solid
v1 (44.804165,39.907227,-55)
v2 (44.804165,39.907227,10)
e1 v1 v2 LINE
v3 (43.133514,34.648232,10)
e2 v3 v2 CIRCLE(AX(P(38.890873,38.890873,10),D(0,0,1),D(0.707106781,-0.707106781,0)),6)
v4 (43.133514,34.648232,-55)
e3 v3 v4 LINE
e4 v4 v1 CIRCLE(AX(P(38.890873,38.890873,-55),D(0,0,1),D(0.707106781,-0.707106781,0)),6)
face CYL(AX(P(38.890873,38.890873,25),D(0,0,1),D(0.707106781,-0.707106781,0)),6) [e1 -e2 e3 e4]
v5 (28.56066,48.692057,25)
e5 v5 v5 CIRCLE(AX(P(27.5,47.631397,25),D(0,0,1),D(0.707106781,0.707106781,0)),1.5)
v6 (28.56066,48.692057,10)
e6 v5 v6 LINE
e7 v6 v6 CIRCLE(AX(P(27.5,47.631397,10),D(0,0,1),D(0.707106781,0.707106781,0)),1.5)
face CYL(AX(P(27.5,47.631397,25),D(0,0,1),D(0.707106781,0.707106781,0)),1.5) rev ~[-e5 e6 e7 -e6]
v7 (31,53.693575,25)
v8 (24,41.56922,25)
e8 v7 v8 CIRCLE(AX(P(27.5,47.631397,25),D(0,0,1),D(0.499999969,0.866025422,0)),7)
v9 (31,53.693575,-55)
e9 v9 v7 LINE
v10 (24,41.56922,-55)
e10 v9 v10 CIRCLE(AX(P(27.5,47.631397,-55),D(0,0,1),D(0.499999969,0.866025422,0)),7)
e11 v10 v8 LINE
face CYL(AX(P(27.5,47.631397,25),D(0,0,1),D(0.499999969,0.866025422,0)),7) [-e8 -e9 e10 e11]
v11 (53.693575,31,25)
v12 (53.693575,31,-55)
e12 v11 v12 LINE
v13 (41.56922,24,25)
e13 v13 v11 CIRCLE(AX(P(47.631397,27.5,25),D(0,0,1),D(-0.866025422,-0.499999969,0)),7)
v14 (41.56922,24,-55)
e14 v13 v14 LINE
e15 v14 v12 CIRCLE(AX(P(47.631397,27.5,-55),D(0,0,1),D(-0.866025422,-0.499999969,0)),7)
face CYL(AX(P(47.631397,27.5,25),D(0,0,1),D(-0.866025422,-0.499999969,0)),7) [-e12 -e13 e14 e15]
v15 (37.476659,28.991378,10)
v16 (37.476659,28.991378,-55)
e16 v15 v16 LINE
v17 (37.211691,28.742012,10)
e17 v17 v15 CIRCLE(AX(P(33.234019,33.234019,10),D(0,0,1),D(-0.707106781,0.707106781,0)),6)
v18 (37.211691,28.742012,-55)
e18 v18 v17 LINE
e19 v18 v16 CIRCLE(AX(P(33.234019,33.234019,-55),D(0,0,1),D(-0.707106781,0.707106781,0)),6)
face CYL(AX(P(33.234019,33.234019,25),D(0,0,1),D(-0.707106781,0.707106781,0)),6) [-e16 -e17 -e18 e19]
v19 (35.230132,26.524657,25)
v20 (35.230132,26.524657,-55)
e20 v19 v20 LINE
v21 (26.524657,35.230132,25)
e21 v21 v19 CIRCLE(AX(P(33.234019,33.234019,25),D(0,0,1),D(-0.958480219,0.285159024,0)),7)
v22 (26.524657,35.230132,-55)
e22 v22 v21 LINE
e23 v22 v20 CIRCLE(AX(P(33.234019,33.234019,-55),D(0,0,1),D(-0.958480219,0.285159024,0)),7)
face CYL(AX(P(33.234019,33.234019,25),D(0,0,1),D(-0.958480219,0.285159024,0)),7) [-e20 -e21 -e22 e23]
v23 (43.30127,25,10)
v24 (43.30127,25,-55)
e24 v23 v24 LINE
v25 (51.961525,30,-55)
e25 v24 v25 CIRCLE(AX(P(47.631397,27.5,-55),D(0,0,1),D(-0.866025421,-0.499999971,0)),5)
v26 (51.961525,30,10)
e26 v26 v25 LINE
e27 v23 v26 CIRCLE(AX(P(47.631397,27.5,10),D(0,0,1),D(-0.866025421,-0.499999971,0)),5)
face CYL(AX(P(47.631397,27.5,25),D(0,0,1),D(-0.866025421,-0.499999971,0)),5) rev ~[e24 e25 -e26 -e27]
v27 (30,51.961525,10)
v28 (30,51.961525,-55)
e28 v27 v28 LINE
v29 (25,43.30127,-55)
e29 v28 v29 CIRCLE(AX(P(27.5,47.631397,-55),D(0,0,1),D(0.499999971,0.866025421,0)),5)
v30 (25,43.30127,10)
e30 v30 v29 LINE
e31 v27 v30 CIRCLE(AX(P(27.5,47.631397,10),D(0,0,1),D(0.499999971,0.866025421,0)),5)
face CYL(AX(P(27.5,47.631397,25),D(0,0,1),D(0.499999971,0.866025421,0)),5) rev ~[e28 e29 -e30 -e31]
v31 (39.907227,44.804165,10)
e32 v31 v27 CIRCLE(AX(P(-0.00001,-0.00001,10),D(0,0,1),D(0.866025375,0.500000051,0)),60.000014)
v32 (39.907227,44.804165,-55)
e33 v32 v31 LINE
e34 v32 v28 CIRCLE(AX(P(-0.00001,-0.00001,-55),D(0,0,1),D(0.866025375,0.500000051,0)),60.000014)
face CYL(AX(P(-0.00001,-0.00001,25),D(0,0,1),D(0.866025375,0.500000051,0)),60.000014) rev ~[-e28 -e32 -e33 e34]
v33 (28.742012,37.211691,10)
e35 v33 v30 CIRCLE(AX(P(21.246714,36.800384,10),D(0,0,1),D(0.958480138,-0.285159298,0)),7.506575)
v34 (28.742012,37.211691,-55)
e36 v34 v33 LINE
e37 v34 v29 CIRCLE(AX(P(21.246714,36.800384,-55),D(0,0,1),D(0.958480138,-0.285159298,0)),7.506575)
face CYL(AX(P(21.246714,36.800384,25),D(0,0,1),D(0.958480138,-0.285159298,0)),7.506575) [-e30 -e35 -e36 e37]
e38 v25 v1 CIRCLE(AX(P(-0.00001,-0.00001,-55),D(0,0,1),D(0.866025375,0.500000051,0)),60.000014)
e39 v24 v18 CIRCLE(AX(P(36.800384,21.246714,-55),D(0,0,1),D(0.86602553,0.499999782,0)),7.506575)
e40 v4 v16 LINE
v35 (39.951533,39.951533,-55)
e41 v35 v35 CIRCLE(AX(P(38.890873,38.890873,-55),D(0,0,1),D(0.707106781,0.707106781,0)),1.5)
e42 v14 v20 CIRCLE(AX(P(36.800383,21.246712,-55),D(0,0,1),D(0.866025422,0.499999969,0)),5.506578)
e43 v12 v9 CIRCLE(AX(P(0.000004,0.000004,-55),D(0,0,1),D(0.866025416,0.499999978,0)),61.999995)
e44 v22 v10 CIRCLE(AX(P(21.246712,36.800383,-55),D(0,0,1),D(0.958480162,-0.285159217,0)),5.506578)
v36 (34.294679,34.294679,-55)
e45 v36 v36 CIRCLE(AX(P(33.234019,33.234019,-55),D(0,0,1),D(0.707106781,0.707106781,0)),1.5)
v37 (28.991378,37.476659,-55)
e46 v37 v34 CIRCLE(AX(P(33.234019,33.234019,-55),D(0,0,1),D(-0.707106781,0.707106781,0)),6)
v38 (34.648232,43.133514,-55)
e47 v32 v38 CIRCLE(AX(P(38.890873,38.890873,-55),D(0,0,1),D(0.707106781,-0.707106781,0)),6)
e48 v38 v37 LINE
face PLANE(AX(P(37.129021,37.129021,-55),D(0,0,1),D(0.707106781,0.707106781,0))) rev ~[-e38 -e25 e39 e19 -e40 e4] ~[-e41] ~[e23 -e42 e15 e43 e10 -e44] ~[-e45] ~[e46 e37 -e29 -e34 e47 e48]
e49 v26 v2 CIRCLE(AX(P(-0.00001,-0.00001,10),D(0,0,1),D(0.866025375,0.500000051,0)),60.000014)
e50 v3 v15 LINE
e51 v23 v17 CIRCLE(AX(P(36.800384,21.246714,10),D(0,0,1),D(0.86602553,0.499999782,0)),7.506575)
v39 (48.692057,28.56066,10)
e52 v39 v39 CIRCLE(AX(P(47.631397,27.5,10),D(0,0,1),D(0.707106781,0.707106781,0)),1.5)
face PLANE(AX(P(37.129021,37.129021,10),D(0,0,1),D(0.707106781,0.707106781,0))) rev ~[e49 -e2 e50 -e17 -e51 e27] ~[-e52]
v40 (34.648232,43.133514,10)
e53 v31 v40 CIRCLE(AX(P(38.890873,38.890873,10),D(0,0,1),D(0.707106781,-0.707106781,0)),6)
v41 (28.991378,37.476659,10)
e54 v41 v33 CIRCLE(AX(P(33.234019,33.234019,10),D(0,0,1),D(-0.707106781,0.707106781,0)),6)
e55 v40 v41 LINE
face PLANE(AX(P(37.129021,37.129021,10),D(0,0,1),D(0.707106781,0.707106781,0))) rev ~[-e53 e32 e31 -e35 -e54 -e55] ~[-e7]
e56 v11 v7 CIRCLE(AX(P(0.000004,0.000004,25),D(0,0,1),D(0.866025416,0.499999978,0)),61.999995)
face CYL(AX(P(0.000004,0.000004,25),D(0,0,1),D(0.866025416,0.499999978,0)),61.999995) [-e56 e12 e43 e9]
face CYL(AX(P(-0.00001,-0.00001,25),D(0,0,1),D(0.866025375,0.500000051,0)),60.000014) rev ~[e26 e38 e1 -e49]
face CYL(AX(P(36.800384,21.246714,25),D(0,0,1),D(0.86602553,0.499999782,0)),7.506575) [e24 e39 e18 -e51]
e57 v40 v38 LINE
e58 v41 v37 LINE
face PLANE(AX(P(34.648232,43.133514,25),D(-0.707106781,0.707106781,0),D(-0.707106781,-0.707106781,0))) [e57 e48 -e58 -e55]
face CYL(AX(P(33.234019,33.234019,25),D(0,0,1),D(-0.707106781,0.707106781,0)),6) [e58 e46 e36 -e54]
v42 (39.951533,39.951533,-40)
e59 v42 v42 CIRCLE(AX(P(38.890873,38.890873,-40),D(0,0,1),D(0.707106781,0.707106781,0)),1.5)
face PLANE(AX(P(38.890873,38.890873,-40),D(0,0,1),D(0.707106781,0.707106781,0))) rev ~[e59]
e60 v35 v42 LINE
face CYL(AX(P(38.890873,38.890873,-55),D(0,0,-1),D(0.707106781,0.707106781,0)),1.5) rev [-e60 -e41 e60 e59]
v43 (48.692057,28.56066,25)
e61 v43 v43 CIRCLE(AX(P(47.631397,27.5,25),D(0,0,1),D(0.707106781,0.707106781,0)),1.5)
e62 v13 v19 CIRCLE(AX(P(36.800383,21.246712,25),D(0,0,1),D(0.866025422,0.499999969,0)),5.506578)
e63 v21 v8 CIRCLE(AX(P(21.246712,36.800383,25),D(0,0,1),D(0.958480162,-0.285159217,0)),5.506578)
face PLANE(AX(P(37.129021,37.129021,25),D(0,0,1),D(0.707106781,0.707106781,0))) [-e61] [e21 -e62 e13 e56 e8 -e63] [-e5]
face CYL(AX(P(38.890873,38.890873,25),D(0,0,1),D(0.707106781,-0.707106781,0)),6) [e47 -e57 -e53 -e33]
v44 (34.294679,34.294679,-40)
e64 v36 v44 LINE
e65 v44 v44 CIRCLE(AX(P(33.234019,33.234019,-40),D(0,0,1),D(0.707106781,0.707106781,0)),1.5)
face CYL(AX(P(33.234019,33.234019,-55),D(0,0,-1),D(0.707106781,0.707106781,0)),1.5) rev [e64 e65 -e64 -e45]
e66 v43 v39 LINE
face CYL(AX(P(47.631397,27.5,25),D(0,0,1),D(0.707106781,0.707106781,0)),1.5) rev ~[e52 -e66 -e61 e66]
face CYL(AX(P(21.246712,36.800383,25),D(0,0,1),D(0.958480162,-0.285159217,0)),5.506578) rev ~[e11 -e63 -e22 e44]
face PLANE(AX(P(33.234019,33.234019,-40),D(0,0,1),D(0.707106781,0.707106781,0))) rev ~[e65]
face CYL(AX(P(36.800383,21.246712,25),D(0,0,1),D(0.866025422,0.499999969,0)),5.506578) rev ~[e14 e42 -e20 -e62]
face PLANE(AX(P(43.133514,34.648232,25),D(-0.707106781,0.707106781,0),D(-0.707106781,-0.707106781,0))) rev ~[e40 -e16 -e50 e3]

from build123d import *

# Parameters (mm, degrees)
SKETCH020_R             = 1.5
PAD013_DEPTH            = 15
PAD014_DEPTH            = 80
PAD015_DEPTH            = 80
SKETCH023_R             = 1.5
POCKET005_DEPTH         = 15
BODY003_PLACEMENT_ANGLE = 45


with BuildPart() as part:
    # Sketch020 → Pad013 (new body)
    with BuildSketch(Plane.XY):
        with BuildLine():
            ThreePointArc((59.887401, -16.046781), (62, 0), (59.887401, 16.046781))
            ThreePointArc((59.887401, 16.046781), (51.314187, 20.996528), (46.36444, 12.423314))
            ThreePointArc((43.66723, 6.1557), (46.103592, 8.821401), (46.36444, 12.423314))
            ThreePointArc((43.66723, 6.1557), (40, 0), (43.66723, -6.1557))
            ThreePointArc((46.36444, -12.423314), (46.103592, -8.821401), (43.66723, -6.1557))
            ThreePointArc((46.36444, -12.423314), (51.314187, -20.996528), (59.887401, -16.046781))
        make_face()
        with Locations((53.12592, 14.235047)):
            Circle(SKETCH020_R, mode=Mode.SUBTRACT)
        with Locations((53.12592, -14.235047)):
            Circle(SKETCH020_R, mode=Mode.SUBTRACT)
    extrude(amount=-PAD013_DEPTH)

    # Sketch021 → Pad014 (join)
    with BuildSketch(Plane.XY):
        with BuildLine():
            ThreePointArc((59.887401, -16.046781), (62, 0), (59.887401, 16.046781))
            ThreePointArc((59.887401, 16.046781), (51.314187, 20.996528), (46.36444, 12.423314))
            ThreePointArc((43.66723, 6.1557), (46.103592, 8.821401), (46.36444, 12.423314))
            ThreePointArc((43.66723, 6.1557), (40, 0), (43.66723, -6.1557))
            ThreePointArc((46.36444, -12.423314), (46.103592, -8.821401), (43.66723, -6.1557))
            ThreePointArc((46.36444, -12.423314), (51.314187, -20.996528), (59.887401, -16.046781))
        make_face()
        with BuildLine():
            ThreePointArc((57.95555, 15.529143), (51.831825, 19.064677), (48.296291, 12.940952))
            ThreePointArc((44.61945, 4.396929), (47.940703, 8.030817), (48.296291, 12.940952))
            ThreePointArc((44.61945, 4.396929), (42, 0), (44.61945, -4.396929))
            ThreePointArc((48.296291, -12.940952), (47.940703, -8.030817), (44.61945, -4.396929))
            ThreePointArc((48.296291, -12.940952), (51.831825, -19.064677), (57.95555, -15.529143))
            ThreePointArc((57.95555, -15.529143), (60, 0), (57.95555, 15.529143))
        make_face(mode=Mode.SUBTRACT)
    extrude(amount=-PAD014_DEPTH)

    # Sketch022 → Pad015 (join)
    with BuildSketch(Plane.XY):
        with BuildLine():
            ThreePointArc((55, -6), (61, 0), (55, 6))
            Line((55, 6), (47, 6))
            ThreePointArc((47, 6), (41, 0), (47, -6))
            Line((55, -6), (47, -6))
        make_face()
    extrude(amount=-PAD015_DEPTH)

    # Sketch023 → Pocket005 (cut)
    with BuildSketch(Plane.XY.offset(-80)):
        with Locations((47, 0)):
            Circle(SKETCH023_R)
        with Locations((55, 0)):
            Circle(SKETCH023_R)
    extrude(amount=POCKET005_DEPTH, mode=Mode.SUBTRACT)


with BuildPart() as part_1:
    # Body003 placement: moved
    add(part.part.moved(Location((0, 0, 25))).rotate(Axis((0, 0, 25), (0, 0, 1)), BODY003_PLACEMENT_ANGLE))


solid = part_1.part
